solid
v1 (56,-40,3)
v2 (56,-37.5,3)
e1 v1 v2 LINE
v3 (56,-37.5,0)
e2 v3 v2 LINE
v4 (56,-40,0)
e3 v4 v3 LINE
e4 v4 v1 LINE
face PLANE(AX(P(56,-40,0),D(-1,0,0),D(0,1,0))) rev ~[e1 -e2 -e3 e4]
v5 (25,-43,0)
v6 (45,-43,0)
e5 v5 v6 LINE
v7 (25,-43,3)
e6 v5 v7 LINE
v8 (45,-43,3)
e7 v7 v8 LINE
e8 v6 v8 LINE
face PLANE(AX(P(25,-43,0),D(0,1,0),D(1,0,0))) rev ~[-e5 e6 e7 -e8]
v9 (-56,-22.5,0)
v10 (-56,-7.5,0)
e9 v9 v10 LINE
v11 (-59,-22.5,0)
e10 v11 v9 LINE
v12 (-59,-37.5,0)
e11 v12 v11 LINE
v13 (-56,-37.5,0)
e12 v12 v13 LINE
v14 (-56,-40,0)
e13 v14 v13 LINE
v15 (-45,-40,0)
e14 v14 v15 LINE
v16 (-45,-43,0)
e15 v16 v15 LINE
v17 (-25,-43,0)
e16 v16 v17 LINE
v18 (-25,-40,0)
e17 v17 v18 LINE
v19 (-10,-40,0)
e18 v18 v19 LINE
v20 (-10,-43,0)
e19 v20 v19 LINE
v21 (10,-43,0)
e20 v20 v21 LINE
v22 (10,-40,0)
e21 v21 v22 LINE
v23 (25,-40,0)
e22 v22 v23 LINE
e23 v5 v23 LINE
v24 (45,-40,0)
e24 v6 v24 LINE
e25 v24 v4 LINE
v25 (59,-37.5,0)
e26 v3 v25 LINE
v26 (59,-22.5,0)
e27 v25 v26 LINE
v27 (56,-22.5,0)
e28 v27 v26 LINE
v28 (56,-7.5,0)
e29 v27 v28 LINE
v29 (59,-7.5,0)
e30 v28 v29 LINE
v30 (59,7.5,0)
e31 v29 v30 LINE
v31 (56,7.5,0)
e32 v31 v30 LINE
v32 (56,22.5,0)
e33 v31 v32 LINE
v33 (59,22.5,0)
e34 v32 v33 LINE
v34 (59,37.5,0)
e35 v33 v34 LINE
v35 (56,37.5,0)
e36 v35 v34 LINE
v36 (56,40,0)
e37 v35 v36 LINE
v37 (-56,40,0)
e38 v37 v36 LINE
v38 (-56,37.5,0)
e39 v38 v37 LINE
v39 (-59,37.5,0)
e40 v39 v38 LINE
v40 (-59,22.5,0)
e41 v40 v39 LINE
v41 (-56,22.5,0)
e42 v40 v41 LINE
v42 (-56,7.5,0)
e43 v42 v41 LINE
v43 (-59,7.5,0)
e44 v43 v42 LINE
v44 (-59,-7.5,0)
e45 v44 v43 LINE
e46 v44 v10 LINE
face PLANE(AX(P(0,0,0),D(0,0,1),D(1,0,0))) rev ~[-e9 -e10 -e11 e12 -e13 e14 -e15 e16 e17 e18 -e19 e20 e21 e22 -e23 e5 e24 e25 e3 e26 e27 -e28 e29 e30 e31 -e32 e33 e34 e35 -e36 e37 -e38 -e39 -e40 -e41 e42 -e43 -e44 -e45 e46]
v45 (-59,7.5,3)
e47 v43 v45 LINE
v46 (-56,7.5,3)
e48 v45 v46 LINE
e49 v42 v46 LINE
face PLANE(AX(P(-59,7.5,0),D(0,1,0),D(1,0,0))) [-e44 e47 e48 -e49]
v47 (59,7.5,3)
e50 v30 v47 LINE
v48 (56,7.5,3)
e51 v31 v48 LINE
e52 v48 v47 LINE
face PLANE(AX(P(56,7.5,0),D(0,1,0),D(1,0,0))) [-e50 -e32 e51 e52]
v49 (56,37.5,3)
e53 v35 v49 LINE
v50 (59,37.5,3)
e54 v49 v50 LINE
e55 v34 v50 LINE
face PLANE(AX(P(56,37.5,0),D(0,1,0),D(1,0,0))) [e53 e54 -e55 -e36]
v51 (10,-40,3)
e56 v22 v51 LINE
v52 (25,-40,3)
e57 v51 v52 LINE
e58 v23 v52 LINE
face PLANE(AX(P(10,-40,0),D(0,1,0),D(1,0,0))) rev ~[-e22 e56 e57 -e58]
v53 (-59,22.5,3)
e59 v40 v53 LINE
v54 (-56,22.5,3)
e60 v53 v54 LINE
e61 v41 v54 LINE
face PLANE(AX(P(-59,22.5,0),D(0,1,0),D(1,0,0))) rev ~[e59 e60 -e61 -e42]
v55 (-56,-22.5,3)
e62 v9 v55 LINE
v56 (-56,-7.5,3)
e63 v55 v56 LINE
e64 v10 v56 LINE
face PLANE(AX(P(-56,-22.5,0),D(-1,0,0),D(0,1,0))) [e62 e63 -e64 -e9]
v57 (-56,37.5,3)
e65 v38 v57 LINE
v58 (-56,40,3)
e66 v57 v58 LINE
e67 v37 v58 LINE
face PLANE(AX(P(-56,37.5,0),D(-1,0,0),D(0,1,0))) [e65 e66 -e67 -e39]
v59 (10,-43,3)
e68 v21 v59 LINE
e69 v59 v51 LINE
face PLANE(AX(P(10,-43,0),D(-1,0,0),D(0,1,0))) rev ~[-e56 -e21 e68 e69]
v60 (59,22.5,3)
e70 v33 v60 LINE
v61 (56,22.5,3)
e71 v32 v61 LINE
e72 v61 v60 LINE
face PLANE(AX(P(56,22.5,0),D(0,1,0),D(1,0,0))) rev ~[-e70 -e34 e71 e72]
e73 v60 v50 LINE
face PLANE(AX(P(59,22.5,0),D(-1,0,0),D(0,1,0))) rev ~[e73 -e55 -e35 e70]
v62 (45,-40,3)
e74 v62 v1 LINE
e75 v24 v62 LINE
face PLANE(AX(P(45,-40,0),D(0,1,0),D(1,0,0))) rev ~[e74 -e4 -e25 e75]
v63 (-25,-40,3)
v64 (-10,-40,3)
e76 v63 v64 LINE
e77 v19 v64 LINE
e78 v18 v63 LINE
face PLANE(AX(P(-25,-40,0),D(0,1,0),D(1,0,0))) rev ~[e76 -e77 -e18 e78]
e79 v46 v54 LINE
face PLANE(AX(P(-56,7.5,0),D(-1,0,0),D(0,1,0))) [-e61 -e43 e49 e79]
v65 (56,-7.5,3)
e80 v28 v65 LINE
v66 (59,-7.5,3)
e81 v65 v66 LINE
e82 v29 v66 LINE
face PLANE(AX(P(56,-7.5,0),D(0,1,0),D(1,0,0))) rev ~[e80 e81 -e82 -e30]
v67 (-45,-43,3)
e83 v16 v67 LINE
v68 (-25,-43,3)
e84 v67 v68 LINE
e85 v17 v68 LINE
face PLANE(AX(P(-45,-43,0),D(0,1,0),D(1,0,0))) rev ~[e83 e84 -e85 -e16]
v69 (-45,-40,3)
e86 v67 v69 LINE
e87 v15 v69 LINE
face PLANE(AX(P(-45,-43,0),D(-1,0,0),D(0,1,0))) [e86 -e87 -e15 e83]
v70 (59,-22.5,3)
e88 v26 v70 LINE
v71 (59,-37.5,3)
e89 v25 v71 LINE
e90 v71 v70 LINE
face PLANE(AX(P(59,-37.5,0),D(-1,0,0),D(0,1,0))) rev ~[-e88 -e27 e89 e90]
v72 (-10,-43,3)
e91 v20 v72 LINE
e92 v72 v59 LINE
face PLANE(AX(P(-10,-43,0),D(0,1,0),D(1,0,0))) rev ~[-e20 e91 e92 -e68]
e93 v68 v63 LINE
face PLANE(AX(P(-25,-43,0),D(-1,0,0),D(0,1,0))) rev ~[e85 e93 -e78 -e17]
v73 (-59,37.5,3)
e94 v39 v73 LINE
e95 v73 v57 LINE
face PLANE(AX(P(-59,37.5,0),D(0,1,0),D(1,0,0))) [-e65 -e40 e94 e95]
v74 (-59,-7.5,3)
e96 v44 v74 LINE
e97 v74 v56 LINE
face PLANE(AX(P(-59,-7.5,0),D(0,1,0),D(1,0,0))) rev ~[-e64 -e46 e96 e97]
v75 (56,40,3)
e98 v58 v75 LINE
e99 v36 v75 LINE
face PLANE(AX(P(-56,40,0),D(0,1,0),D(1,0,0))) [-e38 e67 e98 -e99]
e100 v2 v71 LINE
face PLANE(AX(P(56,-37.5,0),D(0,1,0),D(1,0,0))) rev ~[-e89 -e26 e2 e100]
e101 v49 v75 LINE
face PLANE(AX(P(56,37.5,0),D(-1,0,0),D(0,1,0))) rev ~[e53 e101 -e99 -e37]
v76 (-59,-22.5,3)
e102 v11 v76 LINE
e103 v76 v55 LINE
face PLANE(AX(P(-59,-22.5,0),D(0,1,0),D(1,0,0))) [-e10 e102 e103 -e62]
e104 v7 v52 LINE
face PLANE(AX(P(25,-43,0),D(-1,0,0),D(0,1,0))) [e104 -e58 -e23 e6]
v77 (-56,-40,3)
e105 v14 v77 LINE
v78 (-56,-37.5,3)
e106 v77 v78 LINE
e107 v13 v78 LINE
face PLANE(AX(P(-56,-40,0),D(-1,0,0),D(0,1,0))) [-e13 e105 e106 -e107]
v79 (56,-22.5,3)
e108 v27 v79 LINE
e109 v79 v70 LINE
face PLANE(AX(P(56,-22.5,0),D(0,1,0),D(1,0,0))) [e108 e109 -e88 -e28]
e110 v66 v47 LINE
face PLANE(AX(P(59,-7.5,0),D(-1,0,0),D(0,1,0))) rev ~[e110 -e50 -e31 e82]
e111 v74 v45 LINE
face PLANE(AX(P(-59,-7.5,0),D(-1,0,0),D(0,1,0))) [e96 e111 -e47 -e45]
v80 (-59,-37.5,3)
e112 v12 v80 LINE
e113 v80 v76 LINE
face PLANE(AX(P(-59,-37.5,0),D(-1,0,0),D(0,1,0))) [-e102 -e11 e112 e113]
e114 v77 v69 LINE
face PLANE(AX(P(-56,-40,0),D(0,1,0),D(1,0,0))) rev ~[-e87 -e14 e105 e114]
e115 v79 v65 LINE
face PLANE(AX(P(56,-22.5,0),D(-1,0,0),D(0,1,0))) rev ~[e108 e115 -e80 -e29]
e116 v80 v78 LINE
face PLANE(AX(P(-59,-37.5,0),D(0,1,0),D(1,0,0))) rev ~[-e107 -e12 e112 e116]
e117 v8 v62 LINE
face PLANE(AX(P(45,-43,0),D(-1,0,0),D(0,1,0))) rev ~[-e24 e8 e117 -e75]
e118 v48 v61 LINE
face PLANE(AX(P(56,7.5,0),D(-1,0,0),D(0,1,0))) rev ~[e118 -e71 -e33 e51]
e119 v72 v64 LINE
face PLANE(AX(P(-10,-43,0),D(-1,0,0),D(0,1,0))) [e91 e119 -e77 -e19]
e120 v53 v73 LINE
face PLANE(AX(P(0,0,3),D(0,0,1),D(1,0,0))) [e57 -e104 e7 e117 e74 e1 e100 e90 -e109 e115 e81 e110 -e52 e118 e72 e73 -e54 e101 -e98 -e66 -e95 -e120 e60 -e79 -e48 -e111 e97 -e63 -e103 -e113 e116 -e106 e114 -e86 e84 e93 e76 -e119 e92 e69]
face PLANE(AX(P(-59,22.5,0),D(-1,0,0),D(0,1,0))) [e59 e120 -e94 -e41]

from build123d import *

# Parameters (mm, degrees)
SKETCH2_W           = 112
SKETCH2_H           = 80
SKETCH2_W_2         = 20
SKETCH2_H_2         = 3
SKETCH2_W_3         = 3
SKETCH2_H_3         = 15
BOSS_EXTRUDE1_DEPTH = 3


with BuildPart() as part:
    # Sketch2 → Boss-Extrude1 (new body)
    with BuildSketch(Plane.XY):
        Rectangle(SKETCH2_W, SKETCH2_H)
        with Locations((-35, -41.5)):
            Rectangle(SKETCH2_W_2, SKETCH2_H_2)
        with Locations((0, -41.5)):
            Rectangle(SKETCH2_W_2, SKETCH2_H_2)
        with Locations((35, -41.5)):
            Rectangle(SKETCH2_W_2, SKETCH2_H_2)
        with Locations((57.5, -30)):
            Rectangle(SKETCH2_W_3, SKETCH2_H_3)
        with Locations((-57.5, -30)):
            Rectangle(SKETCH2_W_3, SKETCH2_H_3)
        with Locations((-57.5, 0)):
            Rectangle(SKETCH2_W_3, SKETCH2_H_3)
        with Locations((57.5, 0)):
            Rectangle(SKETCH2_W_3, SKETCH2_H_3)
        with Locations((-57.5, 30)):
            Rectangle(SKETCH2_W_3, SKETCH2_H_3)
        with Locations((57.5, 30)):
            Rectangle(SKETCH2_W_3, SKETCH2_H_3)
    extrude(amount=BOSS_EXTRUDE1_DEPTH)


solid = part.part
